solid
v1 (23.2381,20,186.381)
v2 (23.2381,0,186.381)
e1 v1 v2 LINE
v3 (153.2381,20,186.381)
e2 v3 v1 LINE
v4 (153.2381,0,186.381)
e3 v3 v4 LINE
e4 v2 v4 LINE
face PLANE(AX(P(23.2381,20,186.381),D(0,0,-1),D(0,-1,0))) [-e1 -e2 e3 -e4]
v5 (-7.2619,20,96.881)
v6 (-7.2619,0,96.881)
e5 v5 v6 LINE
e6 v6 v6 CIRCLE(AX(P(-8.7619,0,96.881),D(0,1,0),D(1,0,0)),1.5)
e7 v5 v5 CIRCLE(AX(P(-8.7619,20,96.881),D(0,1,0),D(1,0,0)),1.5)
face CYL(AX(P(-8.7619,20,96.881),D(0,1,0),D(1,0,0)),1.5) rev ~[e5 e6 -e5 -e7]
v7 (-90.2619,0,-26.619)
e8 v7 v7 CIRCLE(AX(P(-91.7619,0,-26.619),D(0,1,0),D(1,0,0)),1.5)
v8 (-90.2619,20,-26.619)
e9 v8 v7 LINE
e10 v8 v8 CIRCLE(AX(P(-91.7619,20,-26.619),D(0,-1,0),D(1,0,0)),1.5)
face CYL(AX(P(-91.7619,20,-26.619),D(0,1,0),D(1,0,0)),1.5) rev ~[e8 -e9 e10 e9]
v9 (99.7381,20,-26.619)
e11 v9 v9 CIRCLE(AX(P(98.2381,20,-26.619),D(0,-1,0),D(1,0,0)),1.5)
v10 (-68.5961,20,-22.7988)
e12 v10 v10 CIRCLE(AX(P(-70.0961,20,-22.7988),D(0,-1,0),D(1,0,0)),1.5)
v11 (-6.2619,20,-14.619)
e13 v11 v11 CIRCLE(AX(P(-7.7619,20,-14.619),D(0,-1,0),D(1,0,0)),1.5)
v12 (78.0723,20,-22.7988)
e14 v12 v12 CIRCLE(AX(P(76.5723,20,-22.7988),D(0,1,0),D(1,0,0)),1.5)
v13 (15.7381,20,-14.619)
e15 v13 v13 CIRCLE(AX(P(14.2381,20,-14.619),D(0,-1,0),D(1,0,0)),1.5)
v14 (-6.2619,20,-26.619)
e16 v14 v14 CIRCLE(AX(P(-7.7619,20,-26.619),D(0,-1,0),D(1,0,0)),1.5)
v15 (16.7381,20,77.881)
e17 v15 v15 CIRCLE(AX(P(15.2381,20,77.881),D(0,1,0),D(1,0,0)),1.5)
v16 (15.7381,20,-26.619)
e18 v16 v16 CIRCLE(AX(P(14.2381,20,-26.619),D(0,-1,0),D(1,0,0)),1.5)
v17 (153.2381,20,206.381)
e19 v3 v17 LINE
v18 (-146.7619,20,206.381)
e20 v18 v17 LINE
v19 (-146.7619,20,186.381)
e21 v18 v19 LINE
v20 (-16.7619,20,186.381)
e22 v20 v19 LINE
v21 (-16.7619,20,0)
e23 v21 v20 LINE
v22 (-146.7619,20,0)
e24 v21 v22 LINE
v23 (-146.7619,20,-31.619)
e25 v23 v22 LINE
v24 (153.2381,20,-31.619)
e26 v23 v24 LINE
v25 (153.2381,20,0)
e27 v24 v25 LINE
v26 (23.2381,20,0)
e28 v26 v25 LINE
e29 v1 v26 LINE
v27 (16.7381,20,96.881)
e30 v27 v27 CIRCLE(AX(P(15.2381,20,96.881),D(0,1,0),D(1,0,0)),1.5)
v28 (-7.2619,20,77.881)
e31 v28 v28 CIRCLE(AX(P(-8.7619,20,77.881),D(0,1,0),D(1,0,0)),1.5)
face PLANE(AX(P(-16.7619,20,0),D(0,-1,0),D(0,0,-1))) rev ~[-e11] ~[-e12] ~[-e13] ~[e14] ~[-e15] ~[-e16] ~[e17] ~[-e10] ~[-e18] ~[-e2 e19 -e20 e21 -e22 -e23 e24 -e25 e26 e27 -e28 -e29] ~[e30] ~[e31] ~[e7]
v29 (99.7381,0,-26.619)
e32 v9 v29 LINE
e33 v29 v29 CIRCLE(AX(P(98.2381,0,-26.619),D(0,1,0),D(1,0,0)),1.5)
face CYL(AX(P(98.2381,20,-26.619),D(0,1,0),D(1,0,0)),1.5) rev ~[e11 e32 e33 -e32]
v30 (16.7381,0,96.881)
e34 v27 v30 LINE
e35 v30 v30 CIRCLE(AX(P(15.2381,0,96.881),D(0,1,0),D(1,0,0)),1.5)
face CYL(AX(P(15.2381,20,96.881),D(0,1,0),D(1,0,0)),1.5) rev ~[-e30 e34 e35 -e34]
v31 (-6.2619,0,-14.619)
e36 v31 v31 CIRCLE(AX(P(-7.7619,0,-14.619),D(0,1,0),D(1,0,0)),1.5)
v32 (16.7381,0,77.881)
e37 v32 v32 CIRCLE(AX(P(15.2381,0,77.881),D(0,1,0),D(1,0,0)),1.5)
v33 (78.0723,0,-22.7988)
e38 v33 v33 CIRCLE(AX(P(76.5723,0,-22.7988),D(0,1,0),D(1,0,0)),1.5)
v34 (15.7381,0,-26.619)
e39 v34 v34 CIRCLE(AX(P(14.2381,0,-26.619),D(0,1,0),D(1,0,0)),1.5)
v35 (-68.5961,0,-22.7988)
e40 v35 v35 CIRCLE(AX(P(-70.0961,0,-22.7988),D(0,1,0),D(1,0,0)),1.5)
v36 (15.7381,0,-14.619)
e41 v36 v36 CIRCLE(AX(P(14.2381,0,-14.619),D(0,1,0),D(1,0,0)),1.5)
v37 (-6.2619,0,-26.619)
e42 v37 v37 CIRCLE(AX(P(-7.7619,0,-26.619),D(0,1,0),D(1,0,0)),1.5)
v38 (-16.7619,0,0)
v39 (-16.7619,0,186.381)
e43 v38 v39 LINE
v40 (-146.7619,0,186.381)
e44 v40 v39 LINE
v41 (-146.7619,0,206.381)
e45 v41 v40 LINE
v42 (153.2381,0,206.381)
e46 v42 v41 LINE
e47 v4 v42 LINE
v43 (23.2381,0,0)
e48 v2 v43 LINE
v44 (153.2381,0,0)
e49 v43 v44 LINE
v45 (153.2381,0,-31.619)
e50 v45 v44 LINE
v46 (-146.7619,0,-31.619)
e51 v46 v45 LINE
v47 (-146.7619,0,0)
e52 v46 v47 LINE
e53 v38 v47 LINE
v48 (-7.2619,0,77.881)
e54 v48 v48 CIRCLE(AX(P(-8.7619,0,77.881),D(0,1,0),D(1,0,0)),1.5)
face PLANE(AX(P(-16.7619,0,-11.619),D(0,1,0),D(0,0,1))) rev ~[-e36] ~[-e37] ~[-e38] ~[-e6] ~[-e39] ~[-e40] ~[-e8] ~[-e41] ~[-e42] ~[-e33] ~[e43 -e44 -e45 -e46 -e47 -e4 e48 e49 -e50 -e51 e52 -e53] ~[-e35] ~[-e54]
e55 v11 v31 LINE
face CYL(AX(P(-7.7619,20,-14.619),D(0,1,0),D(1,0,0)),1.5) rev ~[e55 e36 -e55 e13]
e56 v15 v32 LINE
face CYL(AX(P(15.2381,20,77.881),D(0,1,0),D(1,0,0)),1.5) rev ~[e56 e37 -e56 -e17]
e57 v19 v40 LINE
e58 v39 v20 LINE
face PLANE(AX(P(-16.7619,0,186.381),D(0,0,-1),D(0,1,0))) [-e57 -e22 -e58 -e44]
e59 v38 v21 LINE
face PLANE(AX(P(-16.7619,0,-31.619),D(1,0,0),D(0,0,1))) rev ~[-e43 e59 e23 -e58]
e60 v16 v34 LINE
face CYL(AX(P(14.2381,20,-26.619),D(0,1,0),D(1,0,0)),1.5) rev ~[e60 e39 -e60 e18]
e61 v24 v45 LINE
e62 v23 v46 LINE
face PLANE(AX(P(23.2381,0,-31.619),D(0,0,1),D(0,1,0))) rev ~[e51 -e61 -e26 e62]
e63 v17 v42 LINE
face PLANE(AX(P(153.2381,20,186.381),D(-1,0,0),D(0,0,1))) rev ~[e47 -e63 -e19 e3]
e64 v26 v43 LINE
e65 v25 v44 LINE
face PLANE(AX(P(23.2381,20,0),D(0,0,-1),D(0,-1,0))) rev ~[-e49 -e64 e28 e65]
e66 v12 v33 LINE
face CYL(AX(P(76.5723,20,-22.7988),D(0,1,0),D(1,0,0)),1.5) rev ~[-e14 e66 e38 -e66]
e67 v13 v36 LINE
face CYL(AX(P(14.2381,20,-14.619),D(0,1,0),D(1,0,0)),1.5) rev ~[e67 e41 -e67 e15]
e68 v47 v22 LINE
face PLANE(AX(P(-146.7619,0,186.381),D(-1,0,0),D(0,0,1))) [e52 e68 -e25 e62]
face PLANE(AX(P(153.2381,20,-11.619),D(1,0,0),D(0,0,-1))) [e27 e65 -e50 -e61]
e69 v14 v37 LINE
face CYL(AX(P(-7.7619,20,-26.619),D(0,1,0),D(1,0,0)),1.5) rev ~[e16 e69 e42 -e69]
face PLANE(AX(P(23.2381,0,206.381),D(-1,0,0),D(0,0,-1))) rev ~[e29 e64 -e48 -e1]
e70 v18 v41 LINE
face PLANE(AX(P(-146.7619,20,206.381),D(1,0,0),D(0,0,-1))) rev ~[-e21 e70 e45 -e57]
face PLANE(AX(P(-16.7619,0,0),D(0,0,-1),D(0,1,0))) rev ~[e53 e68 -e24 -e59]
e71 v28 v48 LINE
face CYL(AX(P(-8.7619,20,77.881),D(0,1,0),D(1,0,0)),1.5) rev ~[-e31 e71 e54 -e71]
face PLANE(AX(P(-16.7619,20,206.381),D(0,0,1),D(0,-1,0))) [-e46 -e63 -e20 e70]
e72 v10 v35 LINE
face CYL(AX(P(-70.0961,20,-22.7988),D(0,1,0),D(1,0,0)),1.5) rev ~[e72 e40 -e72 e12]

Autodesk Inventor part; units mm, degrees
ref_plane "YZ Plane" through (0, 0, 0) normal (1, 0, 0) x (0, 1, 0)
ref_plane "XZ Plane" through (0, 0, 0) normal (0, 1, 0) x (-1, 0, 0)
ref_plane "XY Plane" through (0, 0, 0) normal (0, 0, 1) x (1, 0, 0)
sketch "草图1" plane through (0, 0, 0) normal (0, 1, 0) x (-1, 0, 0)
  line L0 (16.7619, 206.381) -> (-23.2381, 206.381)
  line L1 (-23.2381, 206.381) -> (-23.2381, -31.619)
  line L2 (-23.2381, -31.619) -> (16.7619, -31.619)
  line L3 (16.7619, -31.619) -> (16.7619, 206.381)
  point P0 (0, 0)
  dimension "d0" = 40
  dimension "d1" = 238
extrude "拉伸1" add sketch "草图1" along normal blind 20
sketch "草图2" plane through (23.2381, 0, 206.381) normal (1, 0, 0) x (0, 0, -1)
  line L0 (238, 20) -> (0, 20) projected
  line L1 (238, 0) -> (0, 0) projected
  line L2 (0, 20) -> (20, 20)
  line L3 (20, 20) -> (20, 0)
  line L4 (20, 0) -> (0, 0)
  line L5 (0, 0) -> (0, 20)
  point P0 (206.381, 0)
  dimension "d4" = 20
extrude "拉伸2" add sketch "草图2" along normal blind 20
sketch "草图5" plane through (-16.7619, 0, -31.619) normal (-1, 0, 0) x (0, 0, 1)
  line L0 (0, 0) -> (238, 0) projected
  line L1 (218, 20) -> (0, 20) projected
  line L2 (238, 0) -> (218, 0)
  line L3 (218, 0) -> (218, 20)
  line L4 (218, 20) -> (238, 20)
  line L5 (238, 20) -> (238, 0)
  point P0 (31.619, 0)
extrude "拉伸3" add sketch "草图5" along normal blind 20
sketch "草图6" plane through (-16.7619, 0, -31.619) normal (-1, 0, 0) x (0, 0, 1)
  line L0 (0, 0) -> (0, 20) projected
  line L1 (218, 0) -> (0, 0) projected
  line L2 (0, 20) -> (20, 20)
  line L3 (20, 20) -> (20, 0)
  line L4 (20, 0) -> (0, 0)
  line L5 (0, 0) -> (0, 20)
  point P0 (31.619, 0)
  dimension "d9" = 20
extrude "拉伸4" add sketch "草图6" along normal blind 20
sketch "草图7" plane through (23.2381, 0, -31.619) normal (1, 0, 0) x (0, 0, -1)
  line L0 (0, 0) -> (0, 20) projected
  line L1 (-20, 0) -> (-218, 0) projected
  line L2 (0, 20) -> (-20, 20)
  line L3 (-20, 20) -> (-20, 0)
  line L4 (-20, 0) -> (0, 0)
  line L5 (0, 0) -> (0, 20)
  point P0 (-31.619, 0)
extrude "拉伸5" add sketch "草图7" along normal blind 20
sketch "草图8" plane through (0, 20, 0) normal (0, 1, 0) x (1, 0, 0)
  line L0 (23.2381, -186.381) -> (23.2381, 11.619) projected
  line L1 (-16.7619, 11.619) -> (-16.7619, -186.381) projected
  circle A0 centre (-8.7619, -96.881) radius 1.5
  circle A1 centre (-8.7619, -77.881) radius 1.5
  circle A2 centre (15.2381, -96.881) radius 1.5
  circle A3 centre (15.2381, -77.881) radius 1.5
  point P0 (0, 0)
extrude "拉伸6" cut sketch "草图8" against normal through all
sketch "草图9" plane through (0, 20, 0) normal (0, 1, 0) x (1, 0, 0)
  line L0 (-36.7619, 31.619) -> (43.2381, 31.619) projected
  line L1 (3.2381, 31.619) -> (3.2381, -247.5925)
  line L2 (3.2381, 31.619) -> (153.2381, 31.619)
  line L3 (3.2381, 31.619) -> (-146.7619, 31.619)
  line L4 (-146.7619, 31.619) -> (-146.7619, 11.619)
  line L5 (-16.7619, 11.619) -> (-36.7619, 11.619) projected
  line L6 (-146.7619, 11.619) -> (153.2381, 11.619)
  line L7 (153.2381, 11.619) -> (153.2381, 31.619)
  line L8 (-146.7619, -186.381) -> (153.2381, -186.381)
  line L9 (153.2381, -186.381) -> (153.2381, -206.381)
  line L10 (43.2381, -206.381) -> (-36.7619, -206.381) projected
  line L11 (153.2381, -206.381) -> (-146.7619, -206.381)
  line L12 (-146.7619, -206.381) -> (-146.7619, -186.381)
  point P0 (0, 0)
  dimension "d20" = 150
  dimension "d21" = 150
extrude "拉伸7" add sketch "草图9" against normal blind 20
sketch "草图10" plane through (0, 20, 0) normal (0, 1, 0) x (1, 0, 0)
  line L0 (3.2381, 42.6) -> (3.2381, -82.4296)
  line L1 (-146.7619, 31.619) -> (153.2381, 31.619) projected
  line L2 (3.2381, 31.619) -> (3.2381, 26.619)
  line L3 (3.2381, 26.619) -> (14.2381, 26.619)
  line L4 (14.2381, 26.619) -> (-7.7619, 26.619)
  circle A0 centre (-7.7619, 26.619) radius 1.5
  circle A1 centre (14.2381, 26.619) radius 1.5
  line L5 (14.2381, 26.619) -> (14.2381, 14.619)
  circle A2 centre (14.2381, 14.619) radius 1.5
  line L6 (-7.7619, 26.619) -> (-7.7619, 14.619)
  circle A3 centre (-7.7619, 14.619) radius 1.5
  point P0 (0, 0)
  dimension "d27" = 5
  dimension "d28" = 11
  dimension "d29" = 22
  dimension "d30" = 3
  dimension "d31" = 3
  dimension "d32" = 12
  dimension "d33" = 3
  dimension "d34" = 12
  dimension "d35" = 3
extrude "拉伸8" cut sketch "草图10" against normal through all
sketch "草图12" plane through (0, 20, 0) normal (0, 1, 0) x (1, 0, 0)
  line L0 (-146.7619, 31.619) -> (-91.7619, 31.619)
  line L1 (-91.7619, 31.619) -> (-91.7619, 26.619)
  circle A0 centre (-91.7619, 26.619) radius 1.5
  line L2 (3.2381, 31.619) -> (3.2381, -27.4763)
  line L3 (98.2381, 31.619) -> (98.2381, 26.619)
  circle A1 centre (98.2381, 26.619) radius 1.5
  line L4 (-91.7619, 26.619) -> (-70.0961, 22.7988)
  circle A2 centre (14.2381, 26.619) radius 1.5 projected
  circle A3 centre (-7.7619, 26.619) radius 1.5 projected
  circle A4 centre (-70.0961, 22.7988) radius 1.5
  circle A5 centre (76.5723, 22.7988) radius 1.5
  point P0 (0, 0)
  dimension "d43" = 55
  dimension "d50" = 22
  dimension "d51" = 3
  dimension "d58" = 100
  dimension "d59" = 5
extrude "拉伸9" cut sketch "草图12" against normal through all contours A0 L4 L1 | A4 | L1 L4 A0 | A1 | A5
sketch "草图13" plane through (23.2381, 0, 186.381) normal (1, 0, 0) x (0, 0, -1)
  line L0 (0, 20) -> (198, 20) projected
  line L1 (198, 20) -> (186.381, 20)
  line L2 (186.381, 20) -> (186.381, 0)
  line L3 (186.381, 0) -> (198, 0)
  line L4 (198, 0) -> (198, 20)
extrude "拉伸10" add sketch "草图13" along normal blind 130 and the other way blind 5
sketch "草图14" plane through (-16.7619, 0, 186.381) normal (-1, 0, 0) x (0, 0, 1)
  line L0 (-198, 20) -> (-198, 0) projected
  line L1 (-186.381, 0) -> (-186.381, 20) projected
  line L2 (-198, 0) -> (-186.381, 0)
  line L3 (-186.381, 0) -> (-186.381, 20)
  line L4 (-186.381, 20) -> (-198, 20)
  line L5 (-198, 20) -> (-198, 0)
  point P0 (-197.5, 20)
extrude "拉伸11" add sketch "草图14" along normal blind 130
equation "\"折弯半径\" = 厚度"
equation "\"折弯释压宽度\" = 厚度"
equation "\"折弯释压深度\" = 0.5 * 厚度"
equation "\"拐角释压尺寸\" = 4 * 厚度"
equation "\"最小余量\" = 2 * 厚度"
equation "\"过渡半径\" = 折弯半径"
equation "\"Jacobi半径尺寸\" = 折弯半径"
equation "\"间隙大小\" = 厚度"
equation "\"厚度\" = 0.5"
properties part number "固定架"
